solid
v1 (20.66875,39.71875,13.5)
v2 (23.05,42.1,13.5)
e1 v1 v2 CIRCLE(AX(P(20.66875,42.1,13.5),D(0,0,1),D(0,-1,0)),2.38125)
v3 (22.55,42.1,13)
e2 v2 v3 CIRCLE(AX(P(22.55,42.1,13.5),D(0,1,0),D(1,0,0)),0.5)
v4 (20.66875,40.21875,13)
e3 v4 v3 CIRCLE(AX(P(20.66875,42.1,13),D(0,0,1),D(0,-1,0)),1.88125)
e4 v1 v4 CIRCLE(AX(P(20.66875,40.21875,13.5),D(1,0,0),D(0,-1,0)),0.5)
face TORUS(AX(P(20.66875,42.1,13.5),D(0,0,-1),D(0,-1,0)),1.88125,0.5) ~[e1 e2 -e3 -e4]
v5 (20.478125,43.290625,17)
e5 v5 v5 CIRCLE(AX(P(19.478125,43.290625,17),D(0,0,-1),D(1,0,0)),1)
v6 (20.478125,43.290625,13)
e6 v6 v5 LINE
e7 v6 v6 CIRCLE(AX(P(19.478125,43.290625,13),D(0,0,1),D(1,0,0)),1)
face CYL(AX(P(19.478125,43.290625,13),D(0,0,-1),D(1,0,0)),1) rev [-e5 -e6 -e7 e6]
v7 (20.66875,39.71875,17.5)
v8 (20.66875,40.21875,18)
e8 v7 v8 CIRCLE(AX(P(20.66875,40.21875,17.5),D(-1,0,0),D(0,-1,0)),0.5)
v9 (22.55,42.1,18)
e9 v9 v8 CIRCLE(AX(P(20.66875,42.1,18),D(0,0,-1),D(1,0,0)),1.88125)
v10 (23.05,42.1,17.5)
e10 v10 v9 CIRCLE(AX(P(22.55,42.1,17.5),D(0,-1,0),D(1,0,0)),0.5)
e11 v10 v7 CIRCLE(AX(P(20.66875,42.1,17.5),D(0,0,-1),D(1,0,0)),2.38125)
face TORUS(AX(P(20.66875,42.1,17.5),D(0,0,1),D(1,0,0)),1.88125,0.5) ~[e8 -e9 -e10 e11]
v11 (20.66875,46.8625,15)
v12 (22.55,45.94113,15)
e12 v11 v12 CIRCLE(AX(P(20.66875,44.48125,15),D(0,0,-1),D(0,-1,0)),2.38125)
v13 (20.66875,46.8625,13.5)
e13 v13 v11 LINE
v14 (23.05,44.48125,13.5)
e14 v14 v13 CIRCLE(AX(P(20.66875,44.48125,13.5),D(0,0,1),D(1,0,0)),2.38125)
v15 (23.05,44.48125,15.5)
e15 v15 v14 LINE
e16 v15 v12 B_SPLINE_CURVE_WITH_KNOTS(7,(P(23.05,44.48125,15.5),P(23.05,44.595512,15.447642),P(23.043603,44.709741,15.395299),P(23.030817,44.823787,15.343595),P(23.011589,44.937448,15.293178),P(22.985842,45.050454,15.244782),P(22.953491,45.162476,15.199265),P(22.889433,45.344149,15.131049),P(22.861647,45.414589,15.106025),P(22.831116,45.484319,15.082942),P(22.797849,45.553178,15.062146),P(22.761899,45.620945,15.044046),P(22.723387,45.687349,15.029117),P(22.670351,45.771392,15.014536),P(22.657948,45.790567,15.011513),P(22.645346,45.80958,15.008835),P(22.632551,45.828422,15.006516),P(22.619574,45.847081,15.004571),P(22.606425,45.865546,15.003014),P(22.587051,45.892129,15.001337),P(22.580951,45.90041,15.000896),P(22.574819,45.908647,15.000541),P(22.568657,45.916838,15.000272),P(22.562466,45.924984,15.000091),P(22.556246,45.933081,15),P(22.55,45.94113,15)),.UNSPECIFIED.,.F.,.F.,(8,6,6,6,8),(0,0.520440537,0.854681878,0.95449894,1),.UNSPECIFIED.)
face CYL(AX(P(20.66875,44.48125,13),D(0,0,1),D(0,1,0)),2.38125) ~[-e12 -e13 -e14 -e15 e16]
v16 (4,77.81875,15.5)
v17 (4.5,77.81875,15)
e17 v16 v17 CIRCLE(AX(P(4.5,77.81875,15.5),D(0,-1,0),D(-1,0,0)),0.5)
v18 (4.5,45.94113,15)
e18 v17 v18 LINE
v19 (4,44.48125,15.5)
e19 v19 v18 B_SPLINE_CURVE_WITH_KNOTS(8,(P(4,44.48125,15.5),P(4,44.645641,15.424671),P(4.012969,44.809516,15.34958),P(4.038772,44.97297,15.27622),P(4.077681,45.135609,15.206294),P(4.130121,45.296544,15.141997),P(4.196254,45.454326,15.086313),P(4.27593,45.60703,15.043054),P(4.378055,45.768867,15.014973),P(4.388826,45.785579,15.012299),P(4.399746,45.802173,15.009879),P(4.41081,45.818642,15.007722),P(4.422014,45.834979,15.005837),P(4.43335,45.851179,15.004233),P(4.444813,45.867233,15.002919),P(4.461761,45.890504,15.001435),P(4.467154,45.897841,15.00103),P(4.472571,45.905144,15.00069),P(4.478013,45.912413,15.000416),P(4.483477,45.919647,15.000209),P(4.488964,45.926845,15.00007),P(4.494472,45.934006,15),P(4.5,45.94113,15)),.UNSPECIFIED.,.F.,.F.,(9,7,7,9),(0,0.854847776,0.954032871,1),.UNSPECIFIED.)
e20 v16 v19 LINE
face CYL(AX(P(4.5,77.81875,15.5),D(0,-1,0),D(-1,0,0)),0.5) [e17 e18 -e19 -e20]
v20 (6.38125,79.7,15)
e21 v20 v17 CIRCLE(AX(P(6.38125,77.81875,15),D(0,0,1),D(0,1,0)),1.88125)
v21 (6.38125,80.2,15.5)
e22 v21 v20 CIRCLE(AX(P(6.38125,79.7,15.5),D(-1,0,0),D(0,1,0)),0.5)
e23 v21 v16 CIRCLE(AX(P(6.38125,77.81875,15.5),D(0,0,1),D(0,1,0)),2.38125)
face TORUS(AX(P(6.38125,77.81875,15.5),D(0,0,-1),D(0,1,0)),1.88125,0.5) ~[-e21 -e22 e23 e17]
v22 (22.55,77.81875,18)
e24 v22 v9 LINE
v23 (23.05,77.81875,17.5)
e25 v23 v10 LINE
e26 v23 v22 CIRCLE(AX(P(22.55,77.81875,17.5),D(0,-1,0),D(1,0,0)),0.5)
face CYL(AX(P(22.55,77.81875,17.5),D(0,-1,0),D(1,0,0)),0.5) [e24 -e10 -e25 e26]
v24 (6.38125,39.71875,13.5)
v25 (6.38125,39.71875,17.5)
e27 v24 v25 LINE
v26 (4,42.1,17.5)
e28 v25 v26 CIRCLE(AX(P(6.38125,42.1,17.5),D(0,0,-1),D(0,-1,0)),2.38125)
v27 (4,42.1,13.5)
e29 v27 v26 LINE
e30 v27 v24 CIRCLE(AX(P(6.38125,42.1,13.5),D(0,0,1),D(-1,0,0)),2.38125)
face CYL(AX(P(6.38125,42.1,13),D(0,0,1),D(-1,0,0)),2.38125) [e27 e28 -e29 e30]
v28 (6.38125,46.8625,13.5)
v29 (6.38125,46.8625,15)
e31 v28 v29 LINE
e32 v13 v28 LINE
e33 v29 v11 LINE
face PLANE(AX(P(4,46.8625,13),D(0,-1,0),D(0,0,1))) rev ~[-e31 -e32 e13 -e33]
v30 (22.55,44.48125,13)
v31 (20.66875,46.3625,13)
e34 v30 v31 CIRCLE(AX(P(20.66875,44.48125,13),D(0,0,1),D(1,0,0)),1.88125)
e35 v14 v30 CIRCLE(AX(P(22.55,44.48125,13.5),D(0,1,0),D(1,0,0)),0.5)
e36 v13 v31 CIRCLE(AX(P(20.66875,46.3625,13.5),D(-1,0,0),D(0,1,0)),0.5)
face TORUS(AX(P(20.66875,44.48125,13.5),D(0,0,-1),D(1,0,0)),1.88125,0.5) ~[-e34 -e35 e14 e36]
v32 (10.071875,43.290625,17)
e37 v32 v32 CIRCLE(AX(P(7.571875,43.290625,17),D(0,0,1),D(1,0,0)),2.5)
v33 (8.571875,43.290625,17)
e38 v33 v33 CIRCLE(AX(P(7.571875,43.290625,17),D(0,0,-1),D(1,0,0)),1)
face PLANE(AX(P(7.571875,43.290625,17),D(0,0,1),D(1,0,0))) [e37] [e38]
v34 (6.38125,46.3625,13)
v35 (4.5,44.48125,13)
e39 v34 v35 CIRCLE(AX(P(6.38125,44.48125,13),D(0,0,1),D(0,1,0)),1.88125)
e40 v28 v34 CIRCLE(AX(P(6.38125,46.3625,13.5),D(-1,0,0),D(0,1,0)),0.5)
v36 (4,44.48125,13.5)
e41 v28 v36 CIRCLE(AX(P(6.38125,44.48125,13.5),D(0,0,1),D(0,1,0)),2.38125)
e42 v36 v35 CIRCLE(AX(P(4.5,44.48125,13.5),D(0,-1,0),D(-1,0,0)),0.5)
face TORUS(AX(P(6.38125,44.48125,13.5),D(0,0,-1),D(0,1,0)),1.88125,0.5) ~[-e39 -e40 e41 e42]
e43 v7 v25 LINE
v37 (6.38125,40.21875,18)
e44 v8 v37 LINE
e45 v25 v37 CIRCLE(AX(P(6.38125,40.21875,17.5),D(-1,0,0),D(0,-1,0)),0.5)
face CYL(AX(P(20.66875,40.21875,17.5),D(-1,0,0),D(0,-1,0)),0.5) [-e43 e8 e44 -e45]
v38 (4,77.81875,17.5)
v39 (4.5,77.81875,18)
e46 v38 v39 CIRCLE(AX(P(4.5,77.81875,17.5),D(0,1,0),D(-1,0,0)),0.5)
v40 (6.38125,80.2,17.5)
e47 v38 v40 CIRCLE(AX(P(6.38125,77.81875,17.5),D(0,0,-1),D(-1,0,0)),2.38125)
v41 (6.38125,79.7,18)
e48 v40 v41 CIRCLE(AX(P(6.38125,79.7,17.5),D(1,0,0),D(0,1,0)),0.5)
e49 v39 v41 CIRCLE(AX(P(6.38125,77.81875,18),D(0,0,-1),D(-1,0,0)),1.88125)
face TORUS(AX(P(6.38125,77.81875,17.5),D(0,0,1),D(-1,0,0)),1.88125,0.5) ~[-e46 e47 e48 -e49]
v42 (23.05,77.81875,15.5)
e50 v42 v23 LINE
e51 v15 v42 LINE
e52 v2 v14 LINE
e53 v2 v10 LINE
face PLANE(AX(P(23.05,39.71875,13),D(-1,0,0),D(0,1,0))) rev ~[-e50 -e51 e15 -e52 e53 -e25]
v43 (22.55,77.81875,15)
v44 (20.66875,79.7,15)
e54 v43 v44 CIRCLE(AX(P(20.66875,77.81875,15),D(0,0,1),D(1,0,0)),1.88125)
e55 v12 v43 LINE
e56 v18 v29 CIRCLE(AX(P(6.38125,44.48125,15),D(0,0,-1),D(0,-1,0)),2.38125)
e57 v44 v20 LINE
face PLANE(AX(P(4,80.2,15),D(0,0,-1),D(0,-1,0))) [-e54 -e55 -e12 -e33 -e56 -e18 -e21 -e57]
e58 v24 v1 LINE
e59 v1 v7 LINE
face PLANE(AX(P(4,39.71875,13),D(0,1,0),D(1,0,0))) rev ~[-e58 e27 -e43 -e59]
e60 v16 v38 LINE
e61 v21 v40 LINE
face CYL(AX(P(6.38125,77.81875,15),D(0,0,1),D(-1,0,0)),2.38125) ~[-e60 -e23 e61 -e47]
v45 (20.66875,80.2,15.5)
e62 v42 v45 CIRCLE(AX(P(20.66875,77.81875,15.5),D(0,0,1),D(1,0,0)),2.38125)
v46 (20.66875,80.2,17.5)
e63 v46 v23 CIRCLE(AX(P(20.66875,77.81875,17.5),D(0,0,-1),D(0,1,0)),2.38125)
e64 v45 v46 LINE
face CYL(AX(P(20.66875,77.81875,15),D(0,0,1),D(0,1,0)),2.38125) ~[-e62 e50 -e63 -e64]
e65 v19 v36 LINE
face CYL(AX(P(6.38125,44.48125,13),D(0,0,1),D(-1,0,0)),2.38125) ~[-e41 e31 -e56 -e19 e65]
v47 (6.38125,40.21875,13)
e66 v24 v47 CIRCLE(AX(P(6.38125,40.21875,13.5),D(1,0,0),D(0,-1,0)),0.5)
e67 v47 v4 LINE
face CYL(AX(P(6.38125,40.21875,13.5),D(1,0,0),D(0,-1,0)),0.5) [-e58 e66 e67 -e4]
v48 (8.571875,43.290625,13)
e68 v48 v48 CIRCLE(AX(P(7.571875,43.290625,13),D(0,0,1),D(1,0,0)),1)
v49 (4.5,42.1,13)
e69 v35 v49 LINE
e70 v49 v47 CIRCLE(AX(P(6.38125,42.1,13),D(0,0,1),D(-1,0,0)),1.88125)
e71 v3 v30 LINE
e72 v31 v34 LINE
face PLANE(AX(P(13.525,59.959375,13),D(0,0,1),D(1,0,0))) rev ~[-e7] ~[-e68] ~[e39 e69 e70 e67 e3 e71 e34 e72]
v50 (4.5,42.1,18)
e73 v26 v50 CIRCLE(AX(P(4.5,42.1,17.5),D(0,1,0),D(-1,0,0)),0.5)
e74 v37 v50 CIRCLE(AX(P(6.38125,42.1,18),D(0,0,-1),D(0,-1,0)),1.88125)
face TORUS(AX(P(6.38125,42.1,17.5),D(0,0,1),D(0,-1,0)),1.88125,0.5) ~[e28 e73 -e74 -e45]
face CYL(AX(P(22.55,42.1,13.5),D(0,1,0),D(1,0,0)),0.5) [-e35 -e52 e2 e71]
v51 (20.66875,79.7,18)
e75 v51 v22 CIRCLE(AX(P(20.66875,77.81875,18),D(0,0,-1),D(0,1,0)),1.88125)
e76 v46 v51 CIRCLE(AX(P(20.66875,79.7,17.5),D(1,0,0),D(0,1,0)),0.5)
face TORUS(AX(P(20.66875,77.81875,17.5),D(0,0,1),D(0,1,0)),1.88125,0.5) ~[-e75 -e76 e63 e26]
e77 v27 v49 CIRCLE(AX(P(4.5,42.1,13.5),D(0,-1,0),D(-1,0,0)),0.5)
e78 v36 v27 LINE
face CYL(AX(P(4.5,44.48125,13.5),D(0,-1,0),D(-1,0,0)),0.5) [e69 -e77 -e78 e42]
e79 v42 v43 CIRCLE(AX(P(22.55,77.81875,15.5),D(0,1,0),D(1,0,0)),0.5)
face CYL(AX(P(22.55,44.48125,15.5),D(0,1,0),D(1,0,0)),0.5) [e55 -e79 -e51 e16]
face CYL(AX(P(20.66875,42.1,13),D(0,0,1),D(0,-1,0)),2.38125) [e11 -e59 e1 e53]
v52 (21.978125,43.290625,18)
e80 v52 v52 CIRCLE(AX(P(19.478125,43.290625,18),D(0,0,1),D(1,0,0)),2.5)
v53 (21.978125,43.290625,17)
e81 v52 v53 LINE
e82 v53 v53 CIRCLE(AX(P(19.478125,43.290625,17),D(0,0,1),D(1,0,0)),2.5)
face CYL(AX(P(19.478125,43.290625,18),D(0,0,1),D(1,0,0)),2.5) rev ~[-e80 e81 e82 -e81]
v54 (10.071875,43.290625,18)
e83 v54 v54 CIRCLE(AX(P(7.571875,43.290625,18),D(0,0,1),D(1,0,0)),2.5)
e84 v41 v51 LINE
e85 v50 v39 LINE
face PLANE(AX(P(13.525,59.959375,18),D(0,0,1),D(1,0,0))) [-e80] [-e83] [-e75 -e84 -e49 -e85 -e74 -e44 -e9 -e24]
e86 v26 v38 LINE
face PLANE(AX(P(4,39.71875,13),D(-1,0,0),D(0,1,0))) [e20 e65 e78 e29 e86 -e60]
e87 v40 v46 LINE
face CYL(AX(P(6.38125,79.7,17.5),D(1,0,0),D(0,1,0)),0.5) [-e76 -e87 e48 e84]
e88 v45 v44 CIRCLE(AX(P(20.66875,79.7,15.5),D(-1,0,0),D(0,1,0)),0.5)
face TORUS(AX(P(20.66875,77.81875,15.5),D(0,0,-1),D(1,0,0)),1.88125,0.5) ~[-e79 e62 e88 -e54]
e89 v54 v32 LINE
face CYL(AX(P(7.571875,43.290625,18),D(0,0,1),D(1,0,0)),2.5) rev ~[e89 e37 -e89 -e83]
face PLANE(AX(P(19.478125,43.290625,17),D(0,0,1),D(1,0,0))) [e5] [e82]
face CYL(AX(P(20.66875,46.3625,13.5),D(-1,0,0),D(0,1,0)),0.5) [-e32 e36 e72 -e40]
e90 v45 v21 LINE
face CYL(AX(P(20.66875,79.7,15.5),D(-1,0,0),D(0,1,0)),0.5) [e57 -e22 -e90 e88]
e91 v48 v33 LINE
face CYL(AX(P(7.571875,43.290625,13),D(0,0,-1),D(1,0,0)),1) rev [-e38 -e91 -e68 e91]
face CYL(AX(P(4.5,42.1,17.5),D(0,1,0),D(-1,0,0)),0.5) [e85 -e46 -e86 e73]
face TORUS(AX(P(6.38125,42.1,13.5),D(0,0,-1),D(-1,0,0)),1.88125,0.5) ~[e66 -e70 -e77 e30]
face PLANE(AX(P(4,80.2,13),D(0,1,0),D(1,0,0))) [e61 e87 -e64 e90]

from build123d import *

# Parameters (mm, degrees)
SKETCH007_W     = 19.05
SKETCH007_H     = 40.48125
SKETCH007_R     = 1
PAD002_DEPTH    = 5
SKETCH008_W     = 33.3375
SKETCH008_H     = 2
POCKET006_DEPTH = 19.051
SKETCH009_R     = 2.5
POCKET007_DEPTH = 1
FILLET006_R     = 2.38125
FILLET007_R     = 0.5


with BuildPart() as part:
    # Sketch007 → Pad002 (new body)
    with BuildSketch(Plane.XY):
        with Locations((9.525, 55.959375)):
            Rectangle(SKETCH007_W, SKETCH007_H)
        with Locations((3.571875, 39.290625)):
            Circle(SKETCH007_R, mode=Mode.SUBTRACT)
        with Locations((15.478125, 39.290625)):
            Circle(SKETCH007_R, mode=Mode.SUBTRACT)
    extrude(amount=PAD002_DEPTH)

    # Sketch008 (on Face3 of Pad002) → Pocket006 (cut, through all)
    with BuildSketch(Plane(origin=(0, 0, 0), x_dir=(0, -1, 0), z_dir=(-1, 0, 0))):
        with Locations((-59.53125, 1)):
            Rectangle(SKETCH008_W, SKETCH008_H)
    extrude(amount=-POCKET006_DEPTH, mode=Mode.SUBTRACT)

    # Sketch009 (on Face6 of Pocket006) → Pocket007 (cut)
    with BuildSketch(Plane.XY.offset(5)):
        with Locations((3.571875, 39.290625)):
            Circle(SKETCH009_R)
        with Locations((15.478125, 39.290625)):
            Circle(SKETCH009_R)
    extrude(amount=-POCKET007_DEPTH, mode=Mode.SUBTRACT)

    # Fillet006
    fillet006_edges = [part.edges().sort_by_distance(p)[0] for p in [
        (0, 76.2, 3.5),
        (0, 35.71875, 2.5),
        (19.05, 35.71875, 2.5),
        (19.05, 76.2, 3.5),
        (19.05, 42.8625, 1),
        (0, 42.8625, 1),
    ]]
    fillet(fillet006_edges, radius=FILLET006_R)

    # Fillet007
    fillet007_edges = [part.edges().sort_by_distance(p)[0] for p in [
        (0, 58.340625, 2),
        (9.525, 35.71875, 0),
        (0, 55.959375, 5),
    ]]
    fillet(fillet007_edges, radius=FILLET007_R)


with BuildPart() as part_1:
    # Body002 placement: moved
    add(part.part.moved(Location((4, 4, 13))))


solid = part_1.part
